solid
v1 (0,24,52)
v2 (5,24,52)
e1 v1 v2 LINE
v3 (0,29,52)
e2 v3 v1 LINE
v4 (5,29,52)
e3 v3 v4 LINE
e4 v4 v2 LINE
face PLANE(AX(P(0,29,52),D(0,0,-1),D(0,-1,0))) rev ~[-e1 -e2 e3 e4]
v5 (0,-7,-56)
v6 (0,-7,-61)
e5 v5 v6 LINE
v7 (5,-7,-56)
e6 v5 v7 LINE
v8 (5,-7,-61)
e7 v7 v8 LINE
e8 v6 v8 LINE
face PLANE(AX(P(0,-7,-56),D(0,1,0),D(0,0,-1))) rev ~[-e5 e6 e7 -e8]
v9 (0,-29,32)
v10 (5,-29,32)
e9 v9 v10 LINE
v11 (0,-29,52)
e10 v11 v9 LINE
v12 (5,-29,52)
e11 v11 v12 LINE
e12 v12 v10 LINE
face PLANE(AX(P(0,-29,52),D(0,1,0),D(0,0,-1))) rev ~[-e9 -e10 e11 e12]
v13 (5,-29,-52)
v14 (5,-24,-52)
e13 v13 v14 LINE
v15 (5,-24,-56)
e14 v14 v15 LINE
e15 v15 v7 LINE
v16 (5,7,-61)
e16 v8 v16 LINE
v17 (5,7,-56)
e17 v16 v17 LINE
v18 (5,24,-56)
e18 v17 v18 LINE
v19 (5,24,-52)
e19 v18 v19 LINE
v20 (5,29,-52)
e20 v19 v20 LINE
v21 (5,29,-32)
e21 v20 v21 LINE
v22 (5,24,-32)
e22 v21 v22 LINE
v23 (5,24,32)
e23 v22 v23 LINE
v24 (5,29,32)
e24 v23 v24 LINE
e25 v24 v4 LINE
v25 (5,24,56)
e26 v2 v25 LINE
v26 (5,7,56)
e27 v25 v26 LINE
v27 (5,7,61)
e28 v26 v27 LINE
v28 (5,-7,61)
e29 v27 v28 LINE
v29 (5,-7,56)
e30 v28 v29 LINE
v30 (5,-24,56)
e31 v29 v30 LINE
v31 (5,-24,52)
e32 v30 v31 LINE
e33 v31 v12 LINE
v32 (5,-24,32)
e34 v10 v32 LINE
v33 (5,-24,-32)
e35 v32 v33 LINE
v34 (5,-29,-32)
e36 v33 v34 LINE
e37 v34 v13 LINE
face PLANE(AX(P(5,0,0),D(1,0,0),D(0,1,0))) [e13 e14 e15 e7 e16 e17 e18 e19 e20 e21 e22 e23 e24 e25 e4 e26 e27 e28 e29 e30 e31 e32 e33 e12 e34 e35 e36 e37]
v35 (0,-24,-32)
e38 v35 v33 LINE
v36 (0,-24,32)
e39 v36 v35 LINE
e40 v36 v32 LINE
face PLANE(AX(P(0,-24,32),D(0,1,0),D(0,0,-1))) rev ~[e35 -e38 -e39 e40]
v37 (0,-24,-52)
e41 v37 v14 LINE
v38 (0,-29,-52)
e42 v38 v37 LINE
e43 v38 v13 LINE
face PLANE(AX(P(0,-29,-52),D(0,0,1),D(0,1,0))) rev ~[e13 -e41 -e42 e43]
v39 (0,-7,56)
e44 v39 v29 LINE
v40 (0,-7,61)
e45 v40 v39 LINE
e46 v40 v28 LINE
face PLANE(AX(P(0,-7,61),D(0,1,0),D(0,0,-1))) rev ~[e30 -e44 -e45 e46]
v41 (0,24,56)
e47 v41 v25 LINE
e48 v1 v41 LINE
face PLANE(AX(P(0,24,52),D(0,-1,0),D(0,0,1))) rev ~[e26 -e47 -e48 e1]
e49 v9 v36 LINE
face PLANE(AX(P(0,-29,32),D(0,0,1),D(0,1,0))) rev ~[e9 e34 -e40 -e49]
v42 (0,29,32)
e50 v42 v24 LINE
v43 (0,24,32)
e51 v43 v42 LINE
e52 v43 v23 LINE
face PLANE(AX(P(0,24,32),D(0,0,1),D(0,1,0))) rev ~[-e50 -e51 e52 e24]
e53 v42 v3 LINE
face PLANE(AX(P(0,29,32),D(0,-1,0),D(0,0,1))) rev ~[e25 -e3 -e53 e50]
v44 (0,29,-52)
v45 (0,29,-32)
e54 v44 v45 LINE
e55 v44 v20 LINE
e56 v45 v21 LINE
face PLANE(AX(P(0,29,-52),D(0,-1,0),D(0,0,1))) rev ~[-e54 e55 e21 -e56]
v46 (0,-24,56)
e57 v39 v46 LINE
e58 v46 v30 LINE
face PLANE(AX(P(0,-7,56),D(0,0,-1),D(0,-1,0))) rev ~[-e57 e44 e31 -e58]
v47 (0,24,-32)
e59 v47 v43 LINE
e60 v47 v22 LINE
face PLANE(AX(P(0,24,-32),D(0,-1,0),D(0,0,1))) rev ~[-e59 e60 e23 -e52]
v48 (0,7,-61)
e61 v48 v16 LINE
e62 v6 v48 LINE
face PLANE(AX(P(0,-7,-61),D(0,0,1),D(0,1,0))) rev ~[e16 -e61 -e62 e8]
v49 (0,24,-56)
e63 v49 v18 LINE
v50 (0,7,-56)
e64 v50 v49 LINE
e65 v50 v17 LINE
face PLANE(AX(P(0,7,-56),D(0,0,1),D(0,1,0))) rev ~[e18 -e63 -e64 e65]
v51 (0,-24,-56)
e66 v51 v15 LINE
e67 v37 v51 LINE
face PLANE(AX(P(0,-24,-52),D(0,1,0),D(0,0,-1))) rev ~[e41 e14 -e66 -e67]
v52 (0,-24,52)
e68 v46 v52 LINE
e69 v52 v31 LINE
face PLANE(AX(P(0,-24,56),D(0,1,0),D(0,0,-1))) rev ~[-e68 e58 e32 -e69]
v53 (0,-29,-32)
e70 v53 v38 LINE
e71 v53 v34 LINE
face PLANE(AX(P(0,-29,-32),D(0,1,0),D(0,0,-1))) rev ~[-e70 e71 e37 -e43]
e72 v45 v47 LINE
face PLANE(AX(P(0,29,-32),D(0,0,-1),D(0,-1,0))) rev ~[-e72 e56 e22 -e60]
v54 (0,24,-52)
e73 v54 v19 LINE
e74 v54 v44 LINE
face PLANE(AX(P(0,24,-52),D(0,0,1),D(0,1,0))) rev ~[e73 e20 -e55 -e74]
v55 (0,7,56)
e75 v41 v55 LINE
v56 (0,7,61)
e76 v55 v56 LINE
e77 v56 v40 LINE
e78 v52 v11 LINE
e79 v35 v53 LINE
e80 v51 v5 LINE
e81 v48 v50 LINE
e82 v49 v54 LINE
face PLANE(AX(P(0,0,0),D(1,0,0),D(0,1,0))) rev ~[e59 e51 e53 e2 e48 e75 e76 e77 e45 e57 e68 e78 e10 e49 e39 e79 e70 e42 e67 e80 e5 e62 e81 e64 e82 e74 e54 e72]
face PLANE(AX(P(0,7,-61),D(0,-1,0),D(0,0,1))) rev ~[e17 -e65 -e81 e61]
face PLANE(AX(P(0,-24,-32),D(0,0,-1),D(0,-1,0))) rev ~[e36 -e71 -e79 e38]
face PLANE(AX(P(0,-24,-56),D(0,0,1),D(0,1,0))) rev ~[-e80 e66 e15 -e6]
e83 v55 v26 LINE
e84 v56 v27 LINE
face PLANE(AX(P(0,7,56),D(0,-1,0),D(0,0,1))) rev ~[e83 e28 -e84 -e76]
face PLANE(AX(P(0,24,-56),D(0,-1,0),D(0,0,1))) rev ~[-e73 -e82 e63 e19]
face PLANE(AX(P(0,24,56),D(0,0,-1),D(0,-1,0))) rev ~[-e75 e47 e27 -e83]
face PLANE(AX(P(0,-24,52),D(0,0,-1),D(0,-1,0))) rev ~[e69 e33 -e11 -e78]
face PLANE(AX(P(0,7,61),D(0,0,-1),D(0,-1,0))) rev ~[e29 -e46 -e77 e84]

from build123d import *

# Parameters (mm, degrees)
F1_DEPTH = 5


with BuildPart() as f1:
    # F0 (on Right) → F1 (new body)
    with BuildSketch(Plane.YZ):
        Polygon((-7, 56), (-24, 56), (-24, 52), (-29, 52), (-29, 32), (-24, 32), (-24, -32), (-29, -32), (-29, -52), (-24, -52), (-24, -56), (-7, -56), (-7, -61), (7, -61), (7, -56), (24, -56), (24, -52), (29, -52), (29, -32), (24, -32), (24, 32), (29, 32), (29, 52), (24, 52), (24, 56), (7, 56), (7, 61), (-7, 61), align=None)
    extrude(amount=F1_DEPTH)


solid = f1.part
